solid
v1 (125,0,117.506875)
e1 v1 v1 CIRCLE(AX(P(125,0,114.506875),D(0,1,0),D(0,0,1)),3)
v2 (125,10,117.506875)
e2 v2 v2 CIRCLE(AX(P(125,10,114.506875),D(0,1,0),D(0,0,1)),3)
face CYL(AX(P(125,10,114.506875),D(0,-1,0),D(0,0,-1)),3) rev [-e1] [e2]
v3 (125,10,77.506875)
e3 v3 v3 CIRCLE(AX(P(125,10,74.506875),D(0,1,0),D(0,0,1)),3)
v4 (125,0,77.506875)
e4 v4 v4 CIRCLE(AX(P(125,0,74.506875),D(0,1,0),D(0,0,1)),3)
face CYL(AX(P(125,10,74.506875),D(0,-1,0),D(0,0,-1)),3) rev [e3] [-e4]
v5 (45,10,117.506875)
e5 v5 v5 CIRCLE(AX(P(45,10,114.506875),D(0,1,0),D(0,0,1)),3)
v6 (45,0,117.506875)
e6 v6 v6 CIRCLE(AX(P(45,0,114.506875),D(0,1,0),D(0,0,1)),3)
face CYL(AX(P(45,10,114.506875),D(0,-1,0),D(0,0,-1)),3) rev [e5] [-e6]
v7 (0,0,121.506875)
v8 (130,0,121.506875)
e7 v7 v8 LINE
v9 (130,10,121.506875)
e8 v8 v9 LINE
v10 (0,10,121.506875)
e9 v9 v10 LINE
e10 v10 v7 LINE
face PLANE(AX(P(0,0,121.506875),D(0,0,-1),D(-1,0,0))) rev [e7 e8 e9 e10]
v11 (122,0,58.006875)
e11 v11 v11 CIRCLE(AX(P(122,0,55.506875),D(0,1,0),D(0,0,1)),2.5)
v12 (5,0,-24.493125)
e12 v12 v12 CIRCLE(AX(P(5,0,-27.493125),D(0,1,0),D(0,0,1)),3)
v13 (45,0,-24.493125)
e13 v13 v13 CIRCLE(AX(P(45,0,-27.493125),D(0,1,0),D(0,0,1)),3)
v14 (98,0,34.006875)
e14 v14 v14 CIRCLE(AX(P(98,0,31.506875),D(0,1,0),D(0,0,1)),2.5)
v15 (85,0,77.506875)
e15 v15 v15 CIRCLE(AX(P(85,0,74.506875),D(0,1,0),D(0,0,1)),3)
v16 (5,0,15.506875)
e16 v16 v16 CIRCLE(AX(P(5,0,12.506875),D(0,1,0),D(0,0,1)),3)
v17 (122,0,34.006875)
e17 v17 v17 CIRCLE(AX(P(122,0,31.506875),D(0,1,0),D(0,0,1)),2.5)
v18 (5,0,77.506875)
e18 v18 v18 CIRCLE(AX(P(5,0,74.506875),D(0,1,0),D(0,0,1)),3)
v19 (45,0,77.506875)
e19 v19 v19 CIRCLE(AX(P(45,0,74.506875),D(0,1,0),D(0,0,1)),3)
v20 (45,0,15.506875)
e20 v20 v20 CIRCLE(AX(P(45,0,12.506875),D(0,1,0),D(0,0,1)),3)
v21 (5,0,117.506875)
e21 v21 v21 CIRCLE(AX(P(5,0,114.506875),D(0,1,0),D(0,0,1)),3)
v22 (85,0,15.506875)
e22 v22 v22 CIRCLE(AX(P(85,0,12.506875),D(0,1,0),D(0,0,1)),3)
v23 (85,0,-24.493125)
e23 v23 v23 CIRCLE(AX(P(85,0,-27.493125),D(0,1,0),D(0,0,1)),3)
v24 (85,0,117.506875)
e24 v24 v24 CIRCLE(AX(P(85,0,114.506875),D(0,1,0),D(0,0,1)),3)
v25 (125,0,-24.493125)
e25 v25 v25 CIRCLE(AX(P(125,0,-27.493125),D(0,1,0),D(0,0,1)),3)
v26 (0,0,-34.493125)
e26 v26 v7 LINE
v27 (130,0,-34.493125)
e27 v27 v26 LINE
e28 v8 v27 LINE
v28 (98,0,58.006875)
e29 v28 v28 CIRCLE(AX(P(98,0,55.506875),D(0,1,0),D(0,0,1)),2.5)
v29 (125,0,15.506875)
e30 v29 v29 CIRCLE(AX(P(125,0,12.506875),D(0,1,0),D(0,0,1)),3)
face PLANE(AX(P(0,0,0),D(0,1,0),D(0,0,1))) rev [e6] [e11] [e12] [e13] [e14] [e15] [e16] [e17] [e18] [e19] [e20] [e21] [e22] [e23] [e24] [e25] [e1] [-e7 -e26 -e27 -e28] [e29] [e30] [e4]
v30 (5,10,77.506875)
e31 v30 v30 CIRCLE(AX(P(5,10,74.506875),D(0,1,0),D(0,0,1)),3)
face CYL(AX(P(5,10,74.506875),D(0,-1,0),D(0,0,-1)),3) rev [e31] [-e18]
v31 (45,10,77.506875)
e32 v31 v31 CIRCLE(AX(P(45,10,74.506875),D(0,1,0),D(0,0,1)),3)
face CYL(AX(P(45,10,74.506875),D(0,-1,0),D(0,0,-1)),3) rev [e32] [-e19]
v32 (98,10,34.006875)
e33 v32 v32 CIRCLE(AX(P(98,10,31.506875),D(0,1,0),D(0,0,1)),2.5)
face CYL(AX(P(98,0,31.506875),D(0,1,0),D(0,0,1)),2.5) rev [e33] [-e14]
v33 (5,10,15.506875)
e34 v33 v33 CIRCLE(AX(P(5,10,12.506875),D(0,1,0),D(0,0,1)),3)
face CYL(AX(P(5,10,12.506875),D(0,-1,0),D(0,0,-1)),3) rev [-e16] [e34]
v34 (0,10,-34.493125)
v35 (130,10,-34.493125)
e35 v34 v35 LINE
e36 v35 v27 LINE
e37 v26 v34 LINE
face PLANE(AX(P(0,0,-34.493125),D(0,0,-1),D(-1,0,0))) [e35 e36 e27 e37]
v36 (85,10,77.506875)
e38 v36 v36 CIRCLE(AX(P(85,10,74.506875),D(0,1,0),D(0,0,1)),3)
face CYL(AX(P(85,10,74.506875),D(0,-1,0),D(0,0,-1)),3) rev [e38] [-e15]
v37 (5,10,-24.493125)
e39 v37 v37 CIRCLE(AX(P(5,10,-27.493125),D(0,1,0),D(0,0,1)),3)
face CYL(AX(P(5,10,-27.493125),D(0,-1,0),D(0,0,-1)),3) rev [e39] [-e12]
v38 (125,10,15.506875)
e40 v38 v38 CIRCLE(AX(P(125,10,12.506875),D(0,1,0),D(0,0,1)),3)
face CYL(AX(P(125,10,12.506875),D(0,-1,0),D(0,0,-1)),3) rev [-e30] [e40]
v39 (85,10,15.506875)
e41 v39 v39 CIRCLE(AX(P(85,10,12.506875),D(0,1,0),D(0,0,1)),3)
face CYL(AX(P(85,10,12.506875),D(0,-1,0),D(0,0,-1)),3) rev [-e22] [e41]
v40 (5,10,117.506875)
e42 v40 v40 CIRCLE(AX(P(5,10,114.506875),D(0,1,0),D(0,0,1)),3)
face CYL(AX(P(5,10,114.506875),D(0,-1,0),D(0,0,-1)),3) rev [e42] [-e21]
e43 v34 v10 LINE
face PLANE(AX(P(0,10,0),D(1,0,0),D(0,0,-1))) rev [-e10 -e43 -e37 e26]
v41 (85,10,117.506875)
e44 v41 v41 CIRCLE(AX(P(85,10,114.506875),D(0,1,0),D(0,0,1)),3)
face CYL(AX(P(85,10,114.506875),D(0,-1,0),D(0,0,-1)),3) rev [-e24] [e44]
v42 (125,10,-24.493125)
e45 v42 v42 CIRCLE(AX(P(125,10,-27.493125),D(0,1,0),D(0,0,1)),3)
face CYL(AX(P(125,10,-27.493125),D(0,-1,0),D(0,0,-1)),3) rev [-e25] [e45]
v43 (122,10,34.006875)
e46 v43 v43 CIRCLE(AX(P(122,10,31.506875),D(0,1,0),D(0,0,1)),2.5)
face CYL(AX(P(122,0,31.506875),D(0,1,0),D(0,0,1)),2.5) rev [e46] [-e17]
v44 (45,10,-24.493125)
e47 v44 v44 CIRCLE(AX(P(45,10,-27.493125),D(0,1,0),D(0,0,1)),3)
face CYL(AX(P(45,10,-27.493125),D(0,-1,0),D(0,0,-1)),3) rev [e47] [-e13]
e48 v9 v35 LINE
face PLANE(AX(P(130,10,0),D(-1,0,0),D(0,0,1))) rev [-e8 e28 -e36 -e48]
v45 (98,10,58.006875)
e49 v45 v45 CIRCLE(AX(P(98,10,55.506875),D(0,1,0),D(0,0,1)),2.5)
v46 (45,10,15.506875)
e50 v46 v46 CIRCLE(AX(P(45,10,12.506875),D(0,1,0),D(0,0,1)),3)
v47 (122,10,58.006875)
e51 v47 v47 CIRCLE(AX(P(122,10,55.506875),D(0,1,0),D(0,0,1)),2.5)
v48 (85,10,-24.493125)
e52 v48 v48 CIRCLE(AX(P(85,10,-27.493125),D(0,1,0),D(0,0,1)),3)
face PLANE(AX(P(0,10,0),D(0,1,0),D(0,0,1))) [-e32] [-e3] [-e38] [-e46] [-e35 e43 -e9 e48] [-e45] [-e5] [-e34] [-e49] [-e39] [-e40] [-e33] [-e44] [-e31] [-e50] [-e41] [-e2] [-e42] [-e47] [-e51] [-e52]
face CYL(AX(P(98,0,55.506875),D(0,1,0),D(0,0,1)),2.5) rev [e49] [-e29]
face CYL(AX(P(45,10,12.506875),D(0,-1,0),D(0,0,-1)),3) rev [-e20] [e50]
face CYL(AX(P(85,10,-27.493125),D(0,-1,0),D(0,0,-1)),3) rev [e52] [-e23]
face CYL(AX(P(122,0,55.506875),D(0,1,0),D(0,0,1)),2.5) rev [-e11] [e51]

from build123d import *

# Parameters (mm, degrees)
SKETCH1_W            = 130
SKETCH1_H            = 156
SKETCH1_R            = 3
BOSS_EXTRUDE1_DEPTH  = 10
SKETCH2_R            = 2.5
CUT_EXTRUDE1_DEPTH   = 10
SKETCH3_W            = 130
SKETCH3_H            = 10
BOSS_EXTRUDE2_DEPTH  = 10
SKETCH4_W            = 130
SKETCH4_H            = 10
BOSS_EXTRUDE3_DEPTH  = 10
SKETCH5_W            = 130
SKETCH5_H            = 10
CUT_EXTRUDE2_DEPTH   = 12.25
SKETCH6_W            = 130
SKETCH6_H            = 12.25
CUT_EXTRUDE3_DEPTH   = 20
SKETCH7_W            = 130
SKETCH7_H            = 10
BOSS_EXTRUDE5_DEPTH  = 2.25
SKETCH8_W            = 130
SKETCH8_H            = 10
BOSS_EXTRUDE6_DEPTH  = 2.25
SKETCH10_W           = 130
SKETCH10_H           = 10
BOSS_EXTRUDE8_DEPTH  = 10
SKETCH11_W           = 130
SKETCH11_H           = 10
BOSS_EXTRUDE10_DEPTH = 7
SKETCH12_W           = 130
SKETCH12_H           = 10
CUT_EXTRUDE4_DEPTH   = 7
SKETCH14_W           = 130
SKETCH14_H           = 10
CUT_EXTRUDE5_DEPTH   = 10


with BuildPart() as part:
    # Sketch1 → Boss-Extrude1 (new body)
    with BuildSketch(Plane(origin=(0, 0, 0), x_dir=(1, 0, 0), z_dir=(0, 1, 0))):
        with Locations((65, -43.506875339)):
            Rectangle(SKETCH1_W, SKETCH1_H)
        with Locations(Location((5, 27.493124661, 0), (0, 0, 270))):
            Circle(SKETCH1_R, mode=Mode.SUBTRACT)
        with Locations(Location((45, 27.493124661, 0), (0, 0, 270))):
            Circle(SKETCH1_R, mode=Mode.SUBTRACT)
        with Locations(Location((45, -12.506875339, 0), (0, 0, 270))):
            Circle(SKETCH1_R, mode=Mode.SUBTRACT)
        with Locations(Location((5, -12.506875339, 0), (0, 0, 270))):
            Circle(SKETCH1_R, mode=Mode.SUBTRACT)
        with Locations(Location((85, 27.493124661, 0), (0, 0, 270))):
            Circle(SKETCH1_R, mode=Mode.SUBTRACT)
        with Locations(Location((125, 27.493124661, 0), (0, 0, 270))):
            Circle(SKETCH1_R, mode=Mode.SUBTRACT)
        with Locations(Location((85, -12.506875339, 0), (0, 0, 270))):
            Circle(SKETCH1_R, mode=Mode.SUBTRACT)
        with Locations(Location((125, -12.506875339, 0), (0, 0, 270))):
            Circle(SKETCH1_R, mode=Mode.SUBTRACT)
        with Locations(Location((85, -74.506875339, 0), (0, 0, 270))):
            Circle(SKETCH1_R, mode=Mode.SUBTRACT)
        with Locations(Location((125, -74.506875339, 0), (0, 0, 270))):
            Circle(SKETCH1_R, mode=Mode.SUBTRACT)
        with Locations(Location((125, -114.506875339, 0), (0, 0, 270))):
            Circle(SKETCH1_R, mode=Mode.SUBTRACT)
        with Locations(Location((85, -114.506875339, 0), (0, 0, 270))):
            Circle(SKETCH1_R, mode=Mode.SUBTRACT)
        with Locations(Location((5, -74.506875339, 0), (0, 0, 270))):
            Circle(SKETCH1_R, mode=Mode.SUBTRACT)
        with Locations(Location((45, -74.506875339, 0), (0, 0, 270))):
            Circle(SKETCH1_R, mode=Mode.SUBTRACT)
        with Locations(Location((5, -114.506875339, 0), (0, 0, 270))):
            Circle(SKETCH1_R, mode=Mode.SUBTRACT)
        with Locations(Location((45, -114.506875339, 0), (0, 0, 270))):
            Circle(SKETCH1_R, mode=Mode.SUBTRACT)
    extrude(amount=BOSS_EXTRUDE1_DEPTH)

    # Sketch2 → Cut-Extrude1 (cut)
    with BuildSketch(Plane(origin=(0, 10, 0), x_dir=(1, 0, 0), z_dir=(0, 1, 0))):
        with Locations(Location((98, -31.506875339, 0), (0, 0, 270))):
            Circle(SKETCH2_R)
        with Locations(Location((98, -55.506875339, 0), (0, 0, 270))):
            Circle(SKETCH2_R)
        with Locations(Location((122, -55.506875339, 0), (0, 0, 270))):
            Circle(SKETCH2_R)
        with Locations(Location((122, -31.506875339, 0), (0, 0, 270))):
            Circle(SKETCH2_R)
    extrude(amount=-CUT_EXTRUDE1_DEPTH, mode=Mode.SUBTRACT)

    # Sketch3 → Boss-Extrude2 (add)
    with BuildSketch(Plane(origin=(0, 0, -34.493124661), x_dir=(-1, 0, 0), z_dir=(0, 0, -1))):
        with Locations((-65, 5)):
            Rectangle(SKETCH3_W, SKETCH3_H)
    extrude(amount=BOSS_EXTRUDE2_DEPTH)

    # Sketch4 → Boss-Extrude3 (add)
    with BuildSketch(Plane.XY.offset(121.506875339)):
        with Locations((65, 5)):
            Rectangle(SKETCH4_W, SKETCH4_H)
    extrude(amount=BOSS_EXTRUDE3_DEPTH)

    # Sketch5 → Cut-Extrude2 (cut)
    with BuildSketch(Plane.XY.offset(131.506875339)):
        with Locations((65, 5)):
            Rectangle(SKETCH5_W, SKETCH5_H)
    extrude(amount=-CUT_EXTRUDE2_DEPTH, mode=Mode.SUBTRACT)

    # Sketch6 → Cut-Extrude3 (cut)
    with BuildSketch(Plane(origin=(0, 10, 0), x_dir=(1, 0, 0), z_dir=(0, 1, 0))):
        with Locations((65, 38.368124661)):
            Rectangle(SKETCH6_W, SKETCH6_H)
    extrude(amount=-CUT_EXTRUDE3_DEPTH, mode=Mode.SUBTRACT)

    # Sketch7 → Boss-Extrude5 (add)
    with BuildSketch(Plane(origin=(0, 0, -32.243124661), x_dir=(-1, 0, 0), z_dir=(0, 0, -1))):
        with Locations((-65, 5)):
            Rectangle(SKETCH7_W, SKETCH7_H)
    extrude(amount=BOSS_EXTRUDE5_DEPTH)

    # Sketch8 → Boss-Extrude6 (add)
    with BuildSketch(Plane.XY.offset(119.256875339)):
        with Locations((65, 5)):
            Rectangle(SKETCH8_W, SKETCH8_H)
    extrude(amount=BOSS_EXTRUDE6_DEPTH)

    # Sketch10 → Boss-Extrude8 (add)
    with BuildSketch(Plane.XY.offset(121.506875339)):
        with Locations((65, 5)):
            Rectangle(SKETCH10_W, SKETCH10_H)
    extrude(amount=BOSS_EXTRUDE8_DEPTH)

    # Sketch11 → Boss-Extrude10 (add)
    with BuildSketch(Plane(origin=(0, 0, -34.493124661), x_dir=(-1, 0, 0), z_dir=(0, 0, -1))):
        with Locations((-65, 5)):
            Rectangle(SKETCH11_W, SKETCH11_H)
    extrude(amount=BOSS_EXTRUDE10_DEPTH)

    # Sketch12 → Cut-Extrude4 (cut)
    with BuildSketch(Plane(origin=(0, 0, -41.493124661), x_dir=(-1, 0, 0), z_dir=(0, 0, -1))):
        with Locations((-65, 5)):
            Rectangle(SKETCH12_W, SKETCH12_H)
    extrude(amount=-CUT_EXTRUDE4_DEPTH, mode=Mode.SUBTRACT)

    # Sketch14 → Cut-Extrude5 (cut)
    with BuildSketch(Plane.XY.offset(131.506875339)):
        with Locations((65, 5)):
            Rectangle(SKETCH14_W, SKETCH14_H)
    extrude(amount=-CUT_EXTRUDE5_DEPTH, mode=Mode.SUBTRACT)


solid = part.part
